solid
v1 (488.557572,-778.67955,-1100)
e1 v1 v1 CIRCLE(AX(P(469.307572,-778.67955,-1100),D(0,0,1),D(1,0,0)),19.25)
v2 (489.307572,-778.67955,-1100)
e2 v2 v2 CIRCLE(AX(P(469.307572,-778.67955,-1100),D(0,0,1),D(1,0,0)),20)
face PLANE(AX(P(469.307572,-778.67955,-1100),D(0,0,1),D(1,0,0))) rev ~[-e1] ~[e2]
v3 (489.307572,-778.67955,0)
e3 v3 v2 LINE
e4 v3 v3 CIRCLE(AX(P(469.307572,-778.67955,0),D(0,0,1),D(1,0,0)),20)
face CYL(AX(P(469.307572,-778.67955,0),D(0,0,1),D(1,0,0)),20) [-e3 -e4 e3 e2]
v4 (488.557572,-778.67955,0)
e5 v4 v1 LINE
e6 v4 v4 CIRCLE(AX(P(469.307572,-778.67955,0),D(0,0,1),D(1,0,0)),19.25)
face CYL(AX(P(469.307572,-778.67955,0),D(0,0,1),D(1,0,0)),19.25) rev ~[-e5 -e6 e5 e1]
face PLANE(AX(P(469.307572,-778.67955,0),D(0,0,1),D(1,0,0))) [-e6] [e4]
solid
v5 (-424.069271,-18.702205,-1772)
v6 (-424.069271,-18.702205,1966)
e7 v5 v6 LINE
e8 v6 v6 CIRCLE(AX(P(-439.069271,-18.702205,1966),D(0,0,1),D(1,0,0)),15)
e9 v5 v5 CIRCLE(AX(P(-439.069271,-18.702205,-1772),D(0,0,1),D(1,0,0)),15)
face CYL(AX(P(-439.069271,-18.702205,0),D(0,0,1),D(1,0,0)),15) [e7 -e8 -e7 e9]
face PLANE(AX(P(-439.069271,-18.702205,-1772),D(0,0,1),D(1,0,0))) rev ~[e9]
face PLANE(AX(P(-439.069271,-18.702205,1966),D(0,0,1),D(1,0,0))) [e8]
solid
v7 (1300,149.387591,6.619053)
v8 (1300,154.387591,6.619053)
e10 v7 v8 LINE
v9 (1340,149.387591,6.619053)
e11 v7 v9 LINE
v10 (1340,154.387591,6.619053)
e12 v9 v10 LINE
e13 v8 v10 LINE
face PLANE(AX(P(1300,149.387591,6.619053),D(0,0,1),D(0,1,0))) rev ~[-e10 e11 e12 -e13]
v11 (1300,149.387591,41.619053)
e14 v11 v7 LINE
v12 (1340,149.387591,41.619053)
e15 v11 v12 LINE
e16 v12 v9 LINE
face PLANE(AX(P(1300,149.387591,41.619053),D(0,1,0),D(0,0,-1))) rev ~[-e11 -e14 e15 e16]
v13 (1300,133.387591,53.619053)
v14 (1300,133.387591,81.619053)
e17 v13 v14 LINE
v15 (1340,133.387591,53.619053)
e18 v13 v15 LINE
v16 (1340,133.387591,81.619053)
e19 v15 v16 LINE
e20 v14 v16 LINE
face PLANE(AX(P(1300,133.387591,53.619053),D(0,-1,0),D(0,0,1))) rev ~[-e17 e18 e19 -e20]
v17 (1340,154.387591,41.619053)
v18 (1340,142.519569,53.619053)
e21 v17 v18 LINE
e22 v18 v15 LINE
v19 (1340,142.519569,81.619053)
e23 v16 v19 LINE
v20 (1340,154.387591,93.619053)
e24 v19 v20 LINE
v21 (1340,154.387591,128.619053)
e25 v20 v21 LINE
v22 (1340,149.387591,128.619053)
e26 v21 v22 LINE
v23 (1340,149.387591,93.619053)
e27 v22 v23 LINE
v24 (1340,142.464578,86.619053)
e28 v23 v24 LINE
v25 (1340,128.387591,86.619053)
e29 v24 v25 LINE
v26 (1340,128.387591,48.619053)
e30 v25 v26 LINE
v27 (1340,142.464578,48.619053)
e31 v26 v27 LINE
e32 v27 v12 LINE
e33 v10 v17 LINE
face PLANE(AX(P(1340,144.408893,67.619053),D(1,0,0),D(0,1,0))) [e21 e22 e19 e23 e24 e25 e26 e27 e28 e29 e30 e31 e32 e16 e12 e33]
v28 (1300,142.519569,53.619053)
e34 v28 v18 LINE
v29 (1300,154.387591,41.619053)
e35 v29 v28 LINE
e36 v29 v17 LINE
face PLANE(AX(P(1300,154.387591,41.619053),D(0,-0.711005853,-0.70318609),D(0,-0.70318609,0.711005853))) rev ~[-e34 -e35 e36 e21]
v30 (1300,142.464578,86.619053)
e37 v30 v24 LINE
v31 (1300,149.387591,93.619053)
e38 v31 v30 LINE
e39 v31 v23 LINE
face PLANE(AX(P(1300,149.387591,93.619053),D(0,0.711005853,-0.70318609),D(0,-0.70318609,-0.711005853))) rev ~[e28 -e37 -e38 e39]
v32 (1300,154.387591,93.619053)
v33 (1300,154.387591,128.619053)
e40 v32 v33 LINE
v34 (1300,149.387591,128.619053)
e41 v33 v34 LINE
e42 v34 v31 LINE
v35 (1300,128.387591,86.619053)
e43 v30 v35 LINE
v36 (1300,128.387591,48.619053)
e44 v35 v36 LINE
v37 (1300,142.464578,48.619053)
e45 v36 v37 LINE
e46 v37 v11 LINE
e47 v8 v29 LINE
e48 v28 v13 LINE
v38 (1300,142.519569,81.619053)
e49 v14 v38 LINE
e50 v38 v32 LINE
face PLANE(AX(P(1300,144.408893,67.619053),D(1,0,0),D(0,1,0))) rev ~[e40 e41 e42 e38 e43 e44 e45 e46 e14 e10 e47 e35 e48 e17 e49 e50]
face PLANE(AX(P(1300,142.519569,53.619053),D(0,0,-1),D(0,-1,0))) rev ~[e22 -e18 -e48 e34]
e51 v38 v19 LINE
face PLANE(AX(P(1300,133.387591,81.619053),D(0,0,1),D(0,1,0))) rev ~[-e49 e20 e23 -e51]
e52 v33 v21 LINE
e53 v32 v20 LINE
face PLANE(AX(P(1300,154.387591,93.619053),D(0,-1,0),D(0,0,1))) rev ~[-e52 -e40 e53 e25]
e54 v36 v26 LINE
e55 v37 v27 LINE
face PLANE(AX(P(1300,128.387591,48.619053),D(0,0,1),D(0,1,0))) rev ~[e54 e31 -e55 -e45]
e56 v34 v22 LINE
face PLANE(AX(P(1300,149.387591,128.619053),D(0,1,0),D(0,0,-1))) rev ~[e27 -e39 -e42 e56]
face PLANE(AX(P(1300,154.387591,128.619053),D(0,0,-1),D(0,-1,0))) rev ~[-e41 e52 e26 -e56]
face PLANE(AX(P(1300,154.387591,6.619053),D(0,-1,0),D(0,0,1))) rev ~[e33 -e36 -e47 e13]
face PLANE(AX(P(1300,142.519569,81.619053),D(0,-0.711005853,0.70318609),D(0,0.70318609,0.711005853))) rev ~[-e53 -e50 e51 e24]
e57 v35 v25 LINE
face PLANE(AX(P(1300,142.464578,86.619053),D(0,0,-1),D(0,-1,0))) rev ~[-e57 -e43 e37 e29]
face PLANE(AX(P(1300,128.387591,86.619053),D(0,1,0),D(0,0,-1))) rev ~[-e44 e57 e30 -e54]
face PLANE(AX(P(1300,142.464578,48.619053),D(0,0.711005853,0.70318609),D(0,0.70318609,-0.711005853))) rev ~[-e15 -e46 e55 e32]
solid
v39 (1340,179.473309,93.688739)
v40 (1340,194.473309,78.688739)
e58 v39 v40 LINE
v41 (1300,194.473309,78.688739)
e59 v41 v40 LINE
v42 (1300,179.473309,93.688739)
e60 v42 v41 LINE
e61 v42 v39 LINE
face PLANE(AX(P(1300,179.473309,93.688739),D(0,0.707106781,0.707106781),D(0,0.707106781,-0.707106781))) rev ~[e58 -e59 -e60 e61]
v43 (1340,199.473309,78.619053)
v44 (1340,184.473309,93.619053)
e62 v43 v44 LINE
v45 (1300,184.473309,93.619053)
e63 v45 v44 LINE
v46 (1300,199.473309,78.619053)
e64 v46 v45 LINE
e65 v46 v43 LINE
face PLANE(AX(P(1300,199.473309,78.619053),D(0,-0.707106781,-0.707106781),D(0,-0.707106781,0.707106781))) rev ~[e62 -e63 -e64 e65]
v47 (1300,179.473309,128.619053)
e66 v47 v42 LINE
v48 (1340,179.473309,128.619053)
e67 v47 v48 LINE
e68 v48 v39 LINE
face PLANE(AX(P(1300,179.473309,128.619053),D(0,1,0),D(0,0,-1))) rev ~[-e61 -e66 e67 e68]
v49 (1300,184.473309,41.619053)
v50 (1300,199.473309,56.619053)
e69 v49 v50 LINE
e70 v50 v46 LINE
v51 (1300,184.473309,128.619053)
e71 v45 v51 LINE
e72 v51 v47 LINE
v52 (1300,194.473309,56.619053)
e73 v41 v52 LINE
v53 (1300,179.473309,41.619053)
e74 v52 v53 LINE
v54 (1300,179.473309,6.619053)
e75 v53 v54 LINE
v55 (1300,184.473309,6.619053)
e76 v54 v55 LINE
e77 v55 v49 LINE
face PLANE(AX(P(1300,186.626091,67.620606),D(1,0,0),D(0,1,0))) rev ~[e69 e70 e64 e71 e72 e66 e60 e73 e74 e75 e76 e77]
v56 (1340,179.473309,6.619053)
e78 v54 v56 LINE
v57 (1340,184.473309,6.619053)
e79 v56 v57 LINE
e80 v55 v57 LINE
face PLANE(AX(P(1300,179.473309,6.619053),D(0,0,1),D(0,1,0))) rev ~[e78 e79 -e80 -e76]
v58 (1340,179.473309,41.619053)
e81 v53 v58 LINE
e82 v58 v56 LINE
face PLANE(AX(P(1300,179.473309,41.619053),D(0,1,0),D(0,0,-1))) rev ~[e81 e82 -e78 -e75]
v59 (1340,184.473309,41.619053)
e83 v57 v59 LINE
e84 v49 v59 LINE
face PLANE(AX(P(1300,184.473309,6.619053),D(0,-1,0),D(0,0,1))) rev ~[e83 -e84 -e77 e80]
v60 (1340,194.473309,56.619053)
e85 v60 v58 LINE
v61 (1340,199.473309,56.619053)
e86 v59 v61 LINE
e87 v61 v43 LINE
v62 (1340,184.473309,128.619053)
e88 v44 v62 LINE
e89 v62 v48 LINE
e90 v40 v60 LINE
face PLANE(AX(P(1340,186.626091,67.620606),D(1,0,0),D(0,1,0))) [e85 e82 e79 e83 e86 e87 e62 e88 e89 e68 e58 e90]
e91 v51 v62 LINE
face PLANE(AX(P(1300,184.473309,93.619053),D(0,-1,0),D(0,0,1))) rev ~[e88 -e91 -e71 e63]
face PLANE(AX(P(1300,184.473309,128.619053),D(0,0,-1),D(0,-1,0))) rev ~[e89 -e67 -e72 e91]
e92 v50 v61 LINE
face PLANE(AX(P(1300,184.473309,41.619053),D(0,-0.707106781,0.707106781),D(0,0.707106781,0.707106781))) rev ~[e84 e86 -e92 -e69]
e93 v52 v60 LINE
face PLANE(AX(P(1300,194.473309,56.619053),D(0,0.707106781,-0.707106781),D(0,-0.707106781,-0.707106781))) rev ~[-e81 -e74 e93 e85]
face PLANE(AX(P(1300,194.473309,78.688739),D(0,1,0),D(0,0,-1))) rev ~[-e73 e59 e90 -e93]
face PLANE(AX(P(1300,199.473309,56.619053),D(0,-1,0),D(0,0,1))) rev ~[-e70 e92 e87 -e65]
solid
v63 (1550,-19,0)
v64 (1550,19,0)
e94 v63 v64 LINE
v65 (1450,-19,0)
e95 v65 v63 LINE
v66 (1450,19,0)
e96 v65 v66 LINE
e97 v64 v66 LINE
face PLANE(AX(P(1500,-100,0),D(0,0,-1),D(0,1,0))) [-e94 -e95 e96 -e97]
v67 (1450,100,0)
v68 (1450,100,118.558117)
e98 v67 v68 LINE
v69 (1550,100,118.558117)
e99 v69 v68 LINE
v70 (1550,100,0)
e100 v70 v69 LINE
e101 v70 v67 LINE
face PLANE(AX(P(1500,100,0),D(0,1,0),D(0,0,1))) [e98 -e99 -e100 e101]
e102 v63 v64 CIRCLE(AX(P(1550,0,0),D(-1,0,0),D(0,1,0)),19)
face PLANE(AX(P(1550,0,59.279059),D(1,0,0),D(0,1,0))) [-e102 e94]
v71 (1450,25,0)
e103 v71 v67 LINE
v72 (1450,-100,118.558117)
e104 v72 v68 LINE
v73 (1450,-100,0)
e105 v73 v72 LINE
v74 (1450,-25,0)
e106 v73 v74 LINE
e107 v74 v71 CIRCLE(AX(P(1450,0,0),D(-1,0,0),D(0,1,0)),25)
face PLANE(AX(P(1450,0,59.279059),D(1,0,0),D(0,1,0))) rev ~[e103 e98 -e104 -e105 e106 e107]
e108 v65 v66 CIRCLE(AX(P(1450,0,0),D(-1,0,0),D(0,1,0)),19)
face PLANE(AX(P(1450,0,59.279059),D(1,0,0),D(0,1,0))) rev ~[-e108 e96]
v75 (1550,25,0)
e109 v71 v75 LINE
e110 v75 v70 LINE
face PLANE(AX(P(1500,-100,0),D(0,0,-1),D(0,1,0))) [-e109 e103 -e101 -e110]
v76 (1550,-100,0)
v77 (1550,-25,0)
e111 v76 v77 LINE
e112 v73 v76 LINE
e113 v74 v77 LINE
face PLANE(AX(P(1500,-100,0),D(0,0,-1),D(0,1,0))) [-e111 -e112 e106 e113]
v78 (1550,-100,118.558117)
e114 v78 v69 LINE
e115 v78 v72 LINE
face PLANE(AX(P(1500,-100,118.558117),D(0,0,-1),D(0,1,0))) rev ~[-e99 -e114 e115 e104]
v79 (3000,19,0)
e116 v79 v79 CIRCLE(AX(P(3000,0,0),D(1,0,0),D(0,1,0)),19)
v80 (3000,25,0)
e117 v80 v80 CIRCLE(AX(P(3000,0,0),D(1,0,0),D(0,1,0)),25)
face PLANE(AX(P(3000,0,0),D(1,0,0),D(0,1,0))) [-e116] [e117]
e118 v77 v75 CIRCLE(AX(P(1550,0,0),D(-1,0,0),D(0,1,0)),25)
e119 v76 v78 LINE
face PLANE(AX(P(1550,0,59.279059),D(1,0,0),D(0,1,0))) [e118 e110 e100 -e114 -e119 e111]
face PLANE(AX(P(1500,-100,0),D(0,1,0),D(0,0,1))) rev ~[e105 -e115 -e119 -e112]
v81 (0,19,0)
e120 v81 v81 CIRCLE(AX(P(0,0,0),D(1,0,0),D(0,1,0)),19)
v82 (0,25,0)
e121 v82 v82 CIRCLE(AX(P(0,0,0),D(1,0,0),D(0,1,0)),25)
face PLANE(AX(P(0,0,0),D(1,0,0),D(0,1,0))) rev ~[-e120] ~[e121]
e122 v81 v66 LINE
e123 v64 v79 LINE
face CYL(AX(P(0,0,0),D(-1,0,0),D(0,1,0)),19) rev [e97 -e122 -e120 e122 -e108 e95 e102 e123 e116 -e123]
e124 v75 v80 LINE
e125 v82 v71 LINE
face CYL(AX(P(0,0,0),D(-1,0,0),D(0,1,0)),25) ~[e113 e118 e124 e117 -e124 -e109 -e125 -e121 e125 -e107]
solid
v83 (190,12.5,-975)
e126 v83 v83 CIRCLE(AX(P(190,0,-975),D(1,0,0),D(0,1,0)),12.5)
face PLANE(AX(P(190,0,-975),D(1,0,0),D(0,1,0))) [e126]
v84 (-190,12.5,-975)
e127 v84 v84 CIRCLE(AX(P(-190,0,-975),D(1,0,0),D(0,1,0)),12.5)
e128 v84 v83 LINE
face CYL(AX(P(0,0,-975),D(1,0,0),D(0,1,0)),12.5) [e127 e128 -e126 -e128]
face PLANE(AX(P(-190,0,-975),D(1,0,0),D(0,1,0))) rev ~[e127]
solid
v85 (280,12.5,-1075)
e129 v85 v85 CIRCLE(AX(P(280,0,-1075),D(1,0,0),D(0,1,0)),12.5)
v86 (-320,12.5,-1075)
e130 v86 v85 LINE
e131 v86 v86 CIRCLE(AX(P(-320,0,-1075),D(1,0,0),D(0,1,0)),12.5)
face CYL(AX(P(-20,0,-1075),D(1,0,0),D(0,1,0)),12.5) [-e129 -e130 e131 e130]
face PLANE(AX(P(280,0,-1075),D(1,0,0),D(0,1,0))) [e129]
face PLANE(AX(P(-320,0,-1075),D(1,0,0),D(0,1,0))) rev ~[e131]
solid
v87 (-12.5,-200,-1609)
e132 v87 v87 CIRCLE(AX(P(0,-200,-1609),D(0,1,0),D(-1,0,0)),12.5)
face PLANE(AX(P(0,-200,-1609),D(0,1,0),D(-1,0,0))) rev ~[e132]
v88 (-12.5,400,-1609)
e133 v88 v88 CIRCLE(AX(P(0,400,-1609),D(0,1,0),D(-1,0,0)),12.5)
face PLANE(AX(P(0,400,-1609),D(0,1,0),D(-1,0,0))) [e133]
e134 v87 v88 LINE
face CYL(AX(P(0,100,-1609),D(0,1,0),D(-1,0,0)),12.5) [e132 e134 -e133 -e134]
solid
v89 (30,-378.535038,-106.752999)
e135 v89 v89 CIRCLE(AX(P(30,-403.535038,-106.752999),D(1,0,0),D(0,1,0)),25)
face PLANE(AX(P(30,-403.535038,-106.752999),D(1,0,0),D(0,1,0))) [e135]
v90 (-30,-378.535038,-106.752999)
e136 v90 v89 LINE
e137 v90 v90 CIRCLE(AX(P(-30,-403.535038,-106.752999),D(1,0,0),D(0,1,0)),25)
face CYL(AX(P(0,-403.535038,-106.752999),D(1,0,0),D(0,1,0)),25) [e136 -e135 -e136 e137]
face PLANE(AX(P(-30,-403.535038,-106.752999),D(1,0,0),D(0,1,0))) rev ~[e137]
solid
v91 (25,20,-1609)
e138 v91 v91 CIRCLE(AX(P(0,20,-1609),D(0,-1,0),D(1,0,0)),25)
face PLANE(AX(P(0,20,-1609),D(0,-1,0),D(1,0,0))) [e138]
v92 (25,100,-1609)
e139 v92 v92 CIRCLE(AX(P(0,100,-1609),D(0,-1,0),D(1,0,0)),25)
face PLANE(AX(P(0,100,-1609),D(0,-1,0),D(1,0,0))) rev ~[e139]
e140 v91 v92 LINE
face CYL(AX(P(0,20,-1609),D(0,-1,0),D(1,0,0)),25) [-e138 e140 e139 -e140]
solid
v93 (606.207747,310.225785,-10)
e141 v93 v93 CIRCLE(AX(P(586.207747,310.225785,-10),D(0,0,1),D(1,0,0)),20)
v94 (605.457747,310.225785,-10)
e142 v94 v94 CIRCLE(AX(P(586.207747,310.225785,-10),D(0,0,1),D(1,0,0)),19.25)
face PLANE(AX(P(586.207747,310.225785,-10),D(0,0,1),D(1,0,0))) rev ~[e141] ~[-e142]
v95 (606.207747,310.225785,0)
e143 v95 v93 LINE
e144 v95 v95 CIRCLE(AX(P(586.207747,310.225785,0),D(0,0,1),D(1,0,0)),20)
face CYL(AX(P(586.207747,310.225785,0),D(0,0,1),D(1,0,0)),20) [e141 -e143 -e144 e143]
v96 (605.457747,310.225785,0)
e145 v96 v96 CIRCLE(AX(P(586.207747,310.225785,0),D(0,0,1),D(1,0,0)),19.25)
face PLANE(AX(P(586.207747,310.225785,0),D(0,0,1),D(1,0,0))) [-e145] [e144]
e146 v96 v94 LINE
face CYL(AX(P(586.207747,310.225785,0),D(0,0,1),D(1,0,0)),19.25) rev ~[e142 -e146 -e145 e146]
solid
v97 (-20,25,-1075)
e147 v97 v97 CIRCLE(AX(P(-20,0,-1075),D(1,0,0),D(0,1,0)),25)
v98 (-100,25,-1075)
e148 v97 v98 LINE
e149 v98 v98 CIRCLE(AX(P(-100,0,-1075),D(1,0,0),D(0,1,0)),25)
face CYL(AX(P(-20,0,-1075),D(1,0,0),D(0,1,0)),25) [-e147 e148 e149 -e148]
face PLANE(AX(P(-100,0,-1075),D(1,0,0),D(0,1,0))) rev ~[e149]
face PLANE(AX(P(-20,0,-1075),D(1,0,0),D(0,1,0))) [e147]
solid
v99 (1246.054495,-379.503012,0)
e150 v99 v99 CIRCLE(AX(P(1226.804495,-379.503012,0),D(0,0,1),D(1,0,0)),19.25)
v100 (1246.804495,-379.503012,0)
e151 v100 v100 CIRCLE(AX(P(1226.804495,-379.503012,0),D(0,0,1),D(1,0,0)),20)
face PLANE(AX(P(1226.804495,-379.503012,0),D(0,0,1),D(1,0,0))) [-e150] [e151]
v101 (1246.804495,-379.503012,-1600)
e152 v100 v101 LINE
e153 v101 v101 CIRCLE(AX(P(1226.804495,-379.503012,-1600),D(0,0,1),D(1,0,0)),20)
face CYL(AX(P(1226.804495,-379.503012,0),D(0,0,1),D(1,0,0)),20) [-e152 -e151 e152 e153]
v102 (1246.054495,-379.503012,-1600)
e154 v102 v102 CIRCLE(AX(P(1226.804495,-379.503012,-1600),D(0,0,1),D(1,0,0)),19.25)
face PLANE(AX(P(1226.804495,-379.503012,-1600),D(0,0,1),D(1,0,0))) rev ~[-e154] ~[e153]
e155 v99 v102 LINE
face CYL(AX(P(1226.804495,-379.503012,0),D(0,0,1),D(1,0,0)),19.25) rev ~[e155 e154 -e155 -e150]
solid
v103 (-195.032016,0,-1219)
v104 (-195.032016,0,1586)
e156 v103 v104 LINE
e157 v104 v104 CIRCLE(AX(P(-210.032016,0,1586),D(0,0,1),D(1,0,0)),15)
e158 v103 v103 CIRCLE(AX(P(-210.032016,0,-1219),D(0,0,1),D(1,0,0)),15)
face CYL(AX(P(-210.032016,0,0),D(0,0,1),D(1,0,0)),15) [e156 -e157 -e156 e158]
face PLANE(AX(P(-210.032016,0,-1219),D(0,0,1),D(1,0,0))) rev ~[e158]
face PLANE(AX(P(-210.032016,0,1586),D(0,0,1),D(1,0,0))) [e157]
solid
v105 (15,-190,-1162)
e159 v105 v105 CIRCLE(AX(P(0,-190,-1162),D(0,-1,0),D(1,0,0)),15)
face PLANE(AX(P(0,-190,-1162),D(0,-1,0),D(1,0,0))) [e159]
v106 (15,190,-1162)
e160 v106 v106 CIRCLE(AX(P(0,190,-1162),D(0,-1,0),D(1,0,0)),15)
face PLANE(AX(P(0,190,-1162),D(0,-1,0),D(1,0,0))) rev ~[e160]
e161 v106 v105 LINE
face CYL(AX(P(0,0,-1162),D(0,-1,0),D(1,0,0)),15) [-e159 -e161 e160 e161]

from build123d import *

# Parameters (mm, degrees)
F0_R           = 25
F0_R_2         = 19
F1_DEPTH       = 3000
F3_W           = 200
F3_H           = 118.5581170488
F4_DEPTH       = 50
F4_DEPTH_BACK  = 50
F5_R           = 15
F6_DEPTH       = 1966
F6_DEPTH_BACK  = 1772
F9_START       = -20
F8_R           = 25
F9_DEPTH       = 80
F10_R          = 12.5
F11_DEPTH      = 300
F11_DEPTH_BACK = 300
F14_START      = -20
F13_R          = 25
F14_DEPTH      = 80
F15_R          = 12.5
F16_DEPTH      = 300
F16_DEPTH_BACK = 300
F19_DEPTH      = 40
F20_R          = 20
F20_R_2        = 19.25
F21_DEPTH      = 1600
F22_R          = 15
F23_DEPTH      = 1586
F23_DEPTH_BACK = 1219
F25_R          = 12.5
F26_DEPTH      = 190
F26_DEPTH_BACK = 190
F28_R          = 15
F29_DEPTH      = 190
F29_DEPTH_BACK = 190
F30_R          = 25
F31_DEPTH      = 30
F31_DEPTH_BACK = 30
F32_R          = 20
F32_R_2        = 19.25
F33_DEPTH      = 1100
F34_R          = 20
F34_R_2        = 19.25
F35_DEPTH      = 10


with BuildPart() as f1:
    # F0 (on Right) → F1 (new body)
    with BuildSketch(Plane.YZ):
        Circle(F0_R)
        Circle(F0_R_2, mode=Mode.SUBTRACT)
    extrude(amount=F1_DEPTH)

    # F3 (on offset) → F4 (join, two sides)
    with BuildSketch(Plane.YZ.offset(1500)) as f4_sk:
        with Locations((0, 59.2790585244)):
            Rectangle(F3_W, F3_H)
    extrude(amount=F4_DEPTH)
    extrude(f4_sk.sketch, amount=-F4_DEPTH_BACK)


with BuildPart() as f6:
    # F5 (on Top) → F6 (new body, two sides)
    with BuildSketch(Plane.XY) as f6_sk:
        with Locations((-439.0692710876, -18.7022052705)):
            Circle(F5_R)
    extrude(amount=F6_DEPTH)
    extrude(f6_sk.sketch, amount=-F6_DEPTH_BACK)


with BuildPart() as f9:
    # F8 (on Front) → F9 (new body)
    with BuildSketch(Plane.XZ.offset(F9_START)):
        with Locations((0, -1609)):
            Circle(F8_R)
    extrude(amount=-F9_DEPTH)


with BuildPart() as f11:
    # F10 (on face) → F11 (new body, two sides)
    with BuildSketch(Plane(origin=(0, 100, 0), x_dir=(-1, 0, 0), z_dir=(0, 1, 0))) as f11_sk:
        with Locations((0, -1609)):
            Circle(F10_R)
    extrude(amount=F11_DEPTH)
    extrude(f11_sk.sketch, amount=-F11_DEPTH_BACK)


with BuildPart() as f14:
    # F13 (on Right) → F14 (new body)
    with BuildSketch(Plane.YZ.offset(F14_START)):
        with Locations((0, -1075)):
            Circle(F13_R)
    extrude(amount=-F14_DEPTH)


with BuildPart() as f16:
    # F15 (on face) → F16 (new body, two sides)
    with BuildSketch(Plane.YZ.offset(-20)) as f16_sk:
        with Locations((0, -1075)):
            Circle(F15_R)
    extrude(amount=F16_DEPTH)
    extrude(f16_sk.sketch, amount=-F16_DEPTH_BACK)


with BuildPart() as f19:
    # F18 (on offset) → F19 (new body)
    with BuildSketch(Plane.YZ.offset(1300)):
        Polygon((179.47330858, 6.6190533715), (184.47330858, 6.6190533715), (184.47330858, 41.6190533715), (199.47330858, 56.6190533715), (199.47330858, 78.6190533715), (184.47330858, 93.6190533715), (184.47330858, 128.6190533715), (179.47330858, 128.6190533715), (179.47330858, 93.6887386519), (194.47330858, 78.6887386519), (194.47330858, 56.6190533715), (179.47330858, 41.6190533715), align=None)
    extrude(amount=F19_DEPTH)


with BuildPart() as f19b:
    # F18 (on offset) → F19, piece 2 (new body)
    with BuildSketch(Plane.YZ.offset(1300)):
        Polygon((142.5195689979, 81.6190533715), (154.387590967, 93.6190533715), (154.387590967, 128.6190533715), (149.387590967, 128.6190533715), (149.387590967, 93.6190533715), (142.4645781517, 86.6190533715), (128.387590967, 86.6190533715), (128.387590967, 48.6190533715), (142.4645781517, 48.6190533715), (149.387590967, 41.6190533715), (149.387590967, 6.6190533715), (154.387590967, 6.6190533715), (154.387590967, 41.6190533715), (142.5195689979, 53.6190533715), (133.387590967, 53.6190533715), (133.387590967, 81.6190533715), align=None)
    extrude(amount=F19_DEPTH)


with BuildPart() as f21:
    # F20 (on Top) → F21 (new body)
    with BuildSketch(Plane.XY):
        with Locations((1226.8044948578, -379.5030117035)):
            Circle(F20_R)
        with Locations((1226.8044948578, -379.5030117035)):
            Circle(F20_R_2, mode=Mode.SUBTRACT)
    extrude(amount=-F21_DEPTH)


with BuildPart() as f23:
    # F22 (on Top) → F23 (new body, two sides)
    with BuildSketch(Plane.XY) as f23_sk:
        with Locations((-210.0320160389, 0)):
            Circle(F22_R)
    extrude(amount=F23_DEPTH)
    extrude(f23_sk.sketch, amount=-F23_DEPTH_BACK)


with BuildPart() as f26:
    # F25 (on Right) → F26 (new body, two sides)
    with BuildSketch(Plane.YZ) as f26_sk:
        with Locations((0, -975)):
            Circle(F25_R)
    extrude(amount=F26_DEPTH)
    extrude(f26_sk.sketch, amount=-F26_DEPTH_BACK)


with BuildPart() as f29:
    # F28 (on Front) → F29 (new body, two sides)
    with BuildSketch(Plane.XZ) as f29_sk:
        with Locations((0, -1162)):
            Circle(F28_R)
    extrude(amount=F29_DEPTH)
    extrude(f29_sk.sketch, amount=-F29_DEPTH_BACK)


with BuildPart() as f31:
    # F30 (on Right) → F31 (new body, two sides)
    with BuildSketch(Plane.YZ) as f31_sk:
        with Locations((-403.5350382328, -106.7529991269)):
            Circle(F30_R)
    extrude(amount=F31_DEPTH)
    extrude(f31_sk.sketch, amount=-F31_DEPTH_BACK)


with BuildPart() as f33:
    # F32 (on Top) → F33 (new body)
    with BuildSketch(Plane.XY):
        with Locations((469.3075716496, -778.6795496941)):
            Circle(F32_R)
        with Locations((469.3075716496, -778.6795496941)):
            Circle(F32_R_2, mode=Mode.SUBTRACT)
    extrude(amount=-F33_DEPTH)


with BuildPart() as f35:
    # F34 (on Top) → F35 (new body)
    with BuildSketch(Plane.XY):
        with Locations((586.2077474594, 310.2257847786)):
            Circle(F34_R)
        with Locations((586.2077474594, 310.2257847786)):
            Circle(F34_R_2, mode=Mode.SUBTRACT)
    extrude(amount=-F35_DEPTH)


solid = Compound([f1.part, f6.part, f9.part, f11.part, f14.part, f16.part, f19.part, f19b.part, f21.part, f23.part, f26.part, f29.part, f31.part, f33.part, f35.part])
